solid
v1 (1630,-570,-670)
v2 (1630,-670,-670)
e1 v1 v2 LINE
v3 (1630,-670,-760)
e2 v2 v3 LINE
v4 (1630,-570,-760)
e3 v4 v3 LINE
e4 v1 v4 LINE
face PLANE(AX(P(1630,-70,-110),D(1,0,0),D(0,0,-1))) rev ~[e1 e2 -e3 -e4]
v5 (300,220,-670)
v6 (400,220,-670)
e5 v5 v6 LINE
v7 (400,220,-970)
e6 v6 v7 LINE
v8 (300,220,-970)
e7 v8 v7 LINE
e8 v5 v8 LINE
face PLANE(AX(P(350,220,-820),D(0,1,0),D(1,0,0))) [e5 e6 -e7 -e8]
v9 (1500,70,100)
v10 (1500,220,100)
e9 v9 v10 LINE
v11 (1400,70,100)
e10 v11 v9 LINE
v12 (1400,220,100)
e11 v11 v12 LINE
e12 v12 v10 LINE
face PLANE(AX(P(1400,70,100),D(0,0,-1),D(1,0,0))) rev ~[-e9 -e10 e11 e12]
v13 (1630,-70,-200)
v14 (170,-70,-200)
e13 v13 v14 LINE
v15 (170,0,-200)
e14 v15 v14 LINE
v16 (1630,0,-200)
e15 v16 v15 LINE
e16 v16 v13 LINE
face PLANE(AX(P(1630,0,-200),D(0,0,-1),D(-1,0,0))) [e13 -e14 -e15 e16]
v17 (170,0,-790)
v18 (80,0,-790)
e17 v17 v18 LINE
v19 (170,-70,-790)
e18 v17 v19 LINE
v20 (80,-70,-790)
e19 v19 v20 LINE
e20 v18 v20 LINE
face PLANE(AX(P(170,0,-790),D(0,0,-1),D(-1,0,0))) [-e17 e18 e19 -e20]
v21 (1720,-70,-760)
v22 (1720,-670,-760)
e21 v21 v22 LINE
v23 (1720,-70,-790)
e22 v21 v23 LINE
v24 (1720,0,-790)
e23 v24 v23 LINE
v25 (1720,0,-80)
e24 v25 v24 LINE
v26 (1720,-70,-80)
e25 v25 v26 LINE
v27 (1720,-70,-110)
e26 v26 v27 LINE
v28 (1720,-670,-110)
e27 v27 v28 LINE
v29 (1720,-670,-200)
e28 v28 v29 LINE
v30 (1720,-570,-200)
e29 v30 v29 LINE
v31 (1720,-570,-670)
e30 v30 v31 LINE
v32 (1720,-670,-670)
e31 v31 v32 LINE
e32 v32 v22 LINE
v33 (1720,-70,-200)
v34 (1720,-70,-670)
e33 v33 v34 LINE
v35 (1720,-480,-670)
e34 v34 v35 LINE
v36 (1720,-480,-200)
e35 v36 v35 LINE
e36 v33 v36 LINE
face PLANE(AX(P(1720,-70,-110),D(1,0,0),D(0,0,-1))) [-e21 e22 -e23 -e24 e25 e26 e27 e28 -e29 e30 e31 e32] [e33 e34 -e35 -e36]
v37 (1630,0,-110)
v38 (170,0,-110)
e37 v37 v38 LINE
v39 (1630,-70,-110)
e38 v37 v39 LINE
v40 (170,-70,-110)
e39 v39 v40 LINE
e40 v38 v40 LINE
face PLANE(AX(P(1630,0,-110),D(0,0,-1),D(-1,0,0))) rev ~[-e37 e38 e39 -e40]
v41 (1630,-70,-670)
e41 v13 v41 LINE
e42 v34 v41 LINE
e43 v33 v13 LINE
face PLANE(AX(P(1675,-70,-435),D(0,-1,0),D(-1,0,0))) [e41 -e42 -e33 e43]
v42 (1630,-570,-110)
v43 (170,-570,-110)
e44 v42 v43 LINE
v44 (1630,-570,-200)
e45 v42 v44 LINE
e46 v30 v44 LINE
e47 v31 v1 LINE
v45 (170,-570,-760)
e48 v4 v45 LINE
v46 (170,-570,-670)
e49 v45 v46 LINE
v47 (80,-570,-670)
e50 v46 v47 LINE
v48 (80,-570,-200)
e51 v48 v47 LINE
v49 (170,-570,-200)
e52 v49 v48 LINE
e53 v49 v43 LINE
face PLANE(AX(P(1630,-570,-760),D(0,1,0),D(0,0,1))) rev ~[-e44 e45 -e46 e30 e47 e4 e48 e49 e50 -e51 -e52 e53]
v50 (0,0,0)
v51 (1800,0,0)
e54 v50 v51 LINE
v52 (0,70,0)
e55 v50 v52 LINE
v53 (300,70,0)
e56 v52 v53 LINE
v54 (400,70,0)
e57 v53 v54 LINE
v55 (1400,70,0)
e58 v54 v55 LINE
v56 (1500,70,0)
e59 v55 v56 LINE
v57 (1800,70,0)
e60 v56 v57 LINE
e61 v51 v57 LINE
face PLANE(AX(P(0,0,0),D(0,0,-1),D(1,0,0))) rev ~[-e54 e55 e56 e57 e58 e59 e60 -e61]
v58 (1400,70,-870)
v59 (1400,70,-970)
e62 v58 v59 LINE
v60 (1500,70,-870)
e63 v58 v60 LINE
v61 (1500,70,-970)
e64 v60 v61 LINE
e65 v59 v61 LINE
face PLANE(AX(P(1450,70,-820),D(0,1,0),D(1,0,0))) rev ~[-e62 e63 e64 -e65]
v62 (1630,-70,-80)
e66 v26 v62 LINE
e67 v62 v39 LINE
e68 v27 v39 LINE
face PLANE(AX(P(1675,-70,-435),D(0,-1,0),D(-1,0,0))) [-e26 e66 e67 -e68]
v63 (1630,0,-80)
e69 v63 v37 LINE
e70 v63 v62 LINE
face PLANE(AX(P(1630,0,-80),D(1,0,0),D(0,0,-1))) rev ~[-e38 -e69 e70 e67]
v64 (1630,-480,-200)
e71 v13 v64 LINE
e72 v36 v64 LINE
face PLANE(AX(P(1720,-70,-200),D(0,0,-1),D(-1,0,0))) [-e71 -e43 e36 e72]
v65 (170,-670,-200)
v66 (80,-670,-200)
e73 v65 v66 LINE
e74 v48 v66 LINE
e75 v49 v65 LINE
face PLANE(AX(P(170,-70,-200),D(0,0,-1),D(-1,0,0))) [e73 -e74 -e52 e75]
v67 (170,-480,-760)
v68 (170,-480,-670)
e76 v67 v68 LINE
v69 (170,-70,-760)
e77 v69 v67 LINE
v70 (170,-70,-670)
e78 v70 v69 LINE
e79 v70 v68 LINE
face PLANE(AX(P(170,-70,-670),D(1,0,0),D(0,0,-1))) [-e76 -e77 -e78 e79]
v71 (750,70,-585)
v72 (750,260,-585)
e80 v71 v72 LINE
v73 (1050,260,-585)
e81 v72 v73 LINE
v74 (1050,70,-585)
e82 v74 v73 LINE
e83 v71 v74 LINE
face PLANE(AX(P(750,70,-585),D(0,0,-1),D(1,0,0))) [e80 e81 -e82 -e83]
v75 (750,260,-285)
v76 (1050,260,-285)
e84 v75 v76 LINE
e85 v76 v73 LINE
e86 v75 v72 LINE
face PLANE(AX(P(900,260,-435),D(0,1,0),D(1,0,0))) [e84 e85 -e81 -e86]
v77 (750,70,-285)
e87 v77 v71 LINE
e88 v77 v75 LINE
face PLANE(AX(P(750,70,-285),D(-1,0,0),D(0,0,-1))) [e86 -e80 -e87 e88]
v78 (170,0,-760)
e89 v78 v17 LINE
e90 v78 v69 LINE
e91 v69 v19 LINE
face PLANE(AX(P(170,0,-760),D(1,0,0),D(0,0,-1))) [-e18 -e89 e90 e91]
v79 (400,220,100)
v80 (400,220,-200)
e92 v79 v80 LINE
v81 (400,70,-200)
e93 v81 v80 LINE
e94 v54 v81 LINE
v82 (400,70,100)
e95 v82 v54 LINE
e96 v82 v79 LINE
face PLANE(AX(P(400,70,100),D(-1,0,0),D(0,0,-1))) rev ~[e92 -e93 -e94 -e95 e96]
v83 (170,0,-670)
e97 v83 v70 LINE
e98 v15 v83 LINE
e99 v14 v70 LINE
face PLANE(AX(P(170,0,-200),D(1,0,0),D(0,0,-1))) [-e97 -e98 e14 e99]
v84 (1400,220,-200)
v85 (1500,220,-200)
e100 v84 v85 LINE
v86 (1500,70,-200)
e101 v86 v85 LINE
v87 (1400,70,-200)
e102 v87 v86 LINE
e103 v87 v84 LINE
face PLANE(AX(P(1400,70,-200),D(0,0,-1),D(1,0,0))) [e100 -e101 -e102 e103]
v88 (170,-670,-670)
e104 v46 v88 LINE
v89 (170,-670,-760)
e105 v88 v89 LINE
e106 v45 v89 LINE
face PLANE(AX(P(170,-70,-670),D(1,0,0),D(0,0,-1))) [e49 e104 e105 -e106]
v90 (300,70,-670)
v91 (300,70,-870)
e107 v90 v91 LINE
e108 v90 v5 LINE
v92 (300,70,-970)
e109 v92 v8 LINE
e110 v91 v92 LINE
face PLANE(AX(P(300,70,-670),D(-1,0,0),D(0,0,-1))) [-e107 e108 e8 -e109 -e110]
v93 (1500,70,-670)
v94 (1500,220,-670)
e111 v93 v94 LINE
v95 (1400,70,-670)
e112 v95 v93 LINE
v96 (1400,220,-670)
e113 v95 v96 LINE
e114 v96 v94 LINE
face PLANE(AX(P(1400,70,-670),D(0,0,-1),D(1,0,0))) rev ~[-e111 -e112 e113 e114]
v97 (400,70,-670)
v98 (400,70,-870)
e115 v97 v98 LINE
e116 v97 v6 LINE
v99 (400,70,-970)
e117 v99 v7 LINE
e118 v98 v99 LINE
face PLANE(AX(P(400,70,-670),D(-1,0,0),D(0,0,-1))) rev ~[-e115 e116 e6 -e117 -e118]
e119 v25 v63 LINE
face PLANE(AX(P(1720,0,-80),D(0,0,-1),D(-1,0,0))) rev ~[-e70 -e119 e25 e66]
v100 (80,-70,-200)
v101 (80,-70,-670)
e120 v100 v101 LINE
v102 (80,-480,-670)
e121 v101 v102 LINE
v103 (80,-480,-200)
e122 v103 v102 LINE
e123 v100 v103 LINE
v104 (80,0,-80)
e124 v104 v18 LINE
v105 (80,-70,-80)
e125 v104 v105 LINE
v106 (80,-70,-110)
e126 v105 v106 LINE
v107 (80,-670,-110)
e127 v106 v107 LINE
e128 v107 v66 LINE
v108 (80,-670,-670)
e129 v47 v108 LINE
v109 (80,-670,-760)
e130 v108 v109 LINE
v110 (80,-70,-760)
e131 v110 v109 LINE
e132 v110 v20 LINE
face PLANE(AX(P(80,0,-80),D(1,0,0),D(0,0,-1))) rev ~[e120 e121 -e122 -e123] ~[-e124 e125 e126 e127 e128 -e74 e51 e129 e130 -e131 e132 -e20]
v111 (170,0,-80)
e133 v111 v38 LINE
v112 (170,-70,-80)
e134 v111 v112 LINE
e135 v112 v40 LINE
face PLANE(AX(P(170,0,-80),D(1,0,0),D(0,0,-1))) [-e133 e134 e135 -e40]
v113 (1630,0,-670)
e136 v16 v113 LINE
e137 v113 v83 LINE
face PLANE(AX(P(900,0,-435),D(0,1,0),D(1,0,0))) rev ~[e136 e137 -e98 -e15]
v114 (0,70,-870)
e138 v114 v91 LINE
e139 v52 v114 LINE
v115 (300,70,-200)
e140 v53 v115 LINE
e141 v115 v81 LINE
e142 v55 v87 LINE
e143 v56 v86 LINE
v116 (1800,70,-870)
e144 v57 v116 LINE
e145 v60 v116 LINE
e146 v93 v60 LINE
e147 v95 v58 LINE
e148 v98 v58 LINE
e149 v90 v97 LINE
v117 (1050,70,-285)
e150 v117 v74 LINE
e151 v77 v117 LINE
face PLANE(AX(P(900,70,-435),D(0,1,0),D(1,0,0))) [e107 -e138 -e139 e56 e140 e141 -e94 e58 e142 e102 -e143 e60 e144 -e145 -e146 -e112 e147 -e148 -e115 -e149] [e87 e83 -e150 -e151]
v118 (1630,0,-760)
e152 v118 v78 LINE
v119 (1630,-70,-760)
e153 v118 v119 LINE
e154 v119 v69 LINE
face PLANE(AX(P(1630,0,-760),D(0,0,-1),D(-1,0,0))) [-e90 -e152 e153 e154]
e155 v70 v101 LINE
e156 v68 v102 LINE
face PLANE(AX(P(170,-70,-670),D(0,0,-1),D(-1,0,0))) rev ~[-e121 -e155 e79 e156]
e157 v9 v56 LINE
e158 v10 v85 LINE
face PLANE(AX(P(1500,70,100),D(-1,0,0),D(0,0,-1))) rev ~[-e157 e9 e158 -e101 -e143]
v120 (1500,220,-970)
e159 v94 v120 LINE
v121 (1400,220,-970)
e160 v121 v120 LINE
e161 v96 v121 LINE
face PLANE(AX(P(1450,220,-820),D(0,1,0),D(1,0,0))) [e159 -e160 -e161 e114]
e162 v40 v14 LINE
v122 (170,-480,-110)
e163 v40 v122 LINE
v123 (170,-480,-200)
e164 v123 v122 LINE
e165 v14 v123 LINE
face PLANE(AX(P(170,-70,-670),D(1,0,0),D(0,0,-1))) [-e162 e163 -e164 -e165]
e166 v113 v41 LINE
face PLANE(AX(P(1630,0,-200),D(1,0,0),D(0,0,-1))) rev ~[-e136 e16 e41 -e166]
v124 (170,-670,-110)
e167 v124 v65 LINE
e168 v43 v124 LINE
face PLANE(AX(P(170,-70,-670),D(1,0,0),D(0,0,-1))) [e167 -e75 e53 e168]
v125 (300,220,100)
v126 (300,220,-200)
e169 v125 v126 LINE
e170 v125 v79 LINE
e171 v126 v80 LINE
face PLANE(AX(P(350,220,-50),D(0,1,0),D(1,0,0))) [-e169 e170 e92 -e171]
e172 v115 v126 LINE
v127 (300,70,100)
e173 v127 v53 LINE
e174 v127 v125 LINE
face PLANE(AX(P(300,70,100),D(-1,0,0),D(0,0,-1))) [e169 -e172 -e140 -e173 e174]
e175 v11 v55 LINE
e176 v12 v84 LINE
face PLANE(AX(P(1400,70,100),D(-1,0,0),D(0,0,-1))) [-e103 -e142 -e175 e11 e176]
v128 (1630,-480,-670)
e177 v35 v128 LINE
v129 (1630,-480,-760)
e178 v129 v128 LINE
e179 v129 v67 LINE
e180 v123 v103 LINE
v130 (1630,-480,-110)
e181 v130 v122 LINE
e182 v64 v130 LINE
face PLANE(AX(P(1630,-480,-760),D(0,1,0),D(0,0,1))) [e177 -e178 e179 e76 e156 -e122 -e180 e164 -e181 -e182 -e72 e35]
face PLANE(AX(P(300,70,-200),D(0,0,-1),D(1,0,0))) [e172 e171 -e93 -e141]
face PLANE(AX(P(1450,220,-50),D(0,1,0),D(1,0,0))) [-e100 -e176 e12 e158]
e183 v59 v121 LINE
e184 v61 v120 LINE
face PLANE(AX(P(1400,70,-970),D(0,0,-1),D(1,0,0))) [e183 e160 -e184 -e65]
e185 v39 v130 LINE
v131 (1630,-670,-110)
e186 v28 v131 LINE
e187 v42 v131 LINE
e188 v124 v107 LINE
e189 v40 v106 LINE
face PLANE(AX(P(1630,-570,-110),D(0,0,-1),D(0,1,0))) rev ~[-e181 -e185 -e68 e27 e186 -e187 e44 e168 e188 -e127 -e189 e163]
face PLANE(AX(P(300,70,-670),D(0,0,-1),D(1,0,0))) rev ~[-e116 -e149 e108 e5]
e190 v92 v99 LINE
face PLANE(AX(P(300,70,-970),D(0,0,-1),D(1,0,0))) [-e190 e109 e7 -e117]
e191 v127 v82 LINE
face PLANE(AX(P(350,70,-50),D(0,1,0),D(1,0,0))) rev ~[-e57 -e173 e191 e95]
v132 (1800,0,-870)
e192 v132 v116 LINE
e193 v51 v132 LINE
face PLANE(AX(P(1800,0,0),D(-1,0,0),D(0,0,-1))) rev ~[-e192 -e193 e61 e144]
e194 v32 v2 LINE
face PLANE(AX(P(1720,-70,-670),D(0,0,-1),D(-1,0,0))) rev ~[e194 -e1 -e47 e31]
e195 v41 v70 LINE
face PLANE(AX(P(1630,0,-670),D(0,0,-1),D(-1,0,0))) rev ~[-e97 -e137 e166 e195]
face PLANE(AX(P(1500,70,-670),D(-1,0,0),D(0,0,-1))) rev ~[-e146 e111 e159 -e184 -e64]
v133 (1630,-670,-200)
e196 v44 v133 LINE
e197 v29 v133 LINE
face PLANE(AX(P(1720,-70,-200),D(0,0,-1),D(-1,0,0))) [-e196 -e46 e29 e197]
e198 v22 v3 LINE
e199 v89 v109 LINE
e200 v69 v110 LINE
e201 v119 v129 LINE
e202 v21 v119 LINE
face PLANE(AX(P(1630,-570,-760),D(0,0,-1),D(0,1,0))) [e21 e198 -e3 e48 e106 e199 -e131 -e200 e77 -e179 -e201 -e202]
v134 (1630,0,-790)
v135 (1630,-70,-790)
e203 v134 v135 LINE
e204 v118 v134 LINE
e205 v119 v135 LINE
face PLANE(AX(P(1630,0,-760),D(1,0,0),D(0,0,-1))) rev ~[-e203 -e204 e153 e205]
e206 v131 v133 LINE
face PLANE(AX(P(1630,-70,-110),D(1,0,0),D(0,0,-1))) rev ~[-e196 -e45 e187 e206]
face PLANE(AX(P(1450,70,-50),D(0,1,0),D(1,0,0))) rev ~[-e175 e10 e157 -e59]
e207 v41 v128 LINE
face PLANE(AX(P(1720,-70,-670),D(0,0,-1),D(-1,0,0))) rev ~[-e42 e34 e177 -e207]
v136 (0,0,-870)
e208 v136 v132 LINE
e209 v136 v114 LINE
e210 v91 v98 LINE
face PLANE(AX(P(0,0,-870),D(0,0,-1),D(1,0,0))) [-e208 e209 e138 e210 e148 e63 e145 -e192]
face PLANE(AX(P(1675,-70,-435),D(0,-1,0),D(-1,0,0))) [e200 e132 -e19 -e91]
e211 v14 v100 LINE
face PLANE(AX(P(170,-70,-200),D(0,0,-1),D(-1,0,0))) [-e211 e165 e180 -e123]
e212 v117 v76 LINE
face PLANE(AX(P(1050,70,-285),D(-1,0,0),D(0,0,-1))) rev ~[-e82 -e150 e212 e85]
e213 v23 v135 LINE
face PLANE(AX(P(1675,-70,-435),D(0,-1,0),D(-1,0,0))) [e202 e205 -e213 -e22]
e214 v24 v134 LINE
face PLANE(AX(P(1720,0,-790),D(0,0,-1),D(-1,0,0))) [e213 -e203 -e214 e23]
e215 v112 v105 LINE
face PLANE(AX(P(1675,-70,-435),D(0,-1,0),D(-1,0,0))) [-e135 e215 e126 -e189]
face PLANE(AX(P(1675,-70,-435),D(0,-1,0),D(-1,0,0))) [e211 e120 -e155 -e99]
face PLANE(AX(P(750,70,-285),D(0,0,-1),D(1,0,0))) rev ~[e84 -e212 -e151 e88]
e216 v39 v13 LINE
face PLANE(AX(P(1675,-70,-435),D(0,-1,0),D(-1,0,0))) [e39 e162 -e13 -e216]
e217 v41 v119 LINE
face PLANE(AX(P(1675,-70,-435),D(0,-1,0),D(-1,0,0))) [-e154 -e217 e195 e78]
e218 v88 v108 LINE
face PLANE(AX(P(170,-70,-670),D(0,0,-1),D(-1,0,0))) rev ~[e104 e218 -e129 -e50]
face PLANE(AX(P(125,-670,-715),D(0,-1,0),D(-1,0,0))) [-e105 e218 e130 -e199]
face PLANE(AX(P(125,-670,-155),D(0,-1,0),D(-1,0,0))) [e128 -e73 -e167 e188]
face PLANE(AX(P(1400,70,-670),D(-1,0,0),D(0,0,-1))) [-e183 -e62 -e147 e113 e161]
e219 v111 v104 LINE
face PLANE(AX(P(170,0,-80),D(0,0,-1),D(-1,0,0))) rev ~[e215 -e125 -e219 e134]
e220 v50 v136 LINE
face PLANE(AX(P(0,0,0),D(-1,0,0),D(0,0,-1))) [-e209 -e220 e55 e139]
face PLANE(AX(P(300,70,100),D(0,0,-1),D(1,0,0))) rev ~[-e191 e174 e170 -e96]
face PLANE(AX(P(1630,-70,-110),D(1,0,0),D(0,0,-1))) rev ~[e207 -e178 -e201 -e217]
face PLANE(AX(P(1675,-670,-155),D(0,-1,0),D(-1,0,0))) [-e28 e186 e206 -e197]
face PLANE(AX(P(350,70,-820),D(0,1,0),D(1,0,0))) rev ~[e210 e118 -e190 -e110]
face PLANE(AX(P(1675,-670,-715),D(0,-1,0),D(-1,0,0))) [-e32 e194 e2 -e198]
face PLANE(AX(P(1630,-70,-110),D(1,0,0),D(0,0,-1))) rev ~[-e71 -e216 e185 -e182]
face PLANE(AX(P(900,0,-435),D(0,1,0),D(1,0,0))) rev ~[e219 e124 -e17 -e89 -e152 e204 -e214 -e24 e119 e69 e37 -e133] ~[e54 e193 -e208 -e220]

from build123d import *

# Parameters (mm, degrees)
SKETCH_1_W      = 1800
SKETCH_1_H      = 870
EXTRUDE_1_DEPTH = 70
SKETCH_2_W      = 100
SKETCH_2_H      = 300
EXTRUDE_2_DEPTH = 150
SKETCH_3_W      = 300
SKETCH_3_H      = 300
EXTRUDE_3_DEPTH = 190
SKETCH_4_W      = 90
SKETCH_4_H      = 710
SKETCH_4_W_2    = 1460
SKETCH_4_H_2    = 90
EXTRUDE_4_DEPTH = 70
SKETCH_5_W      = 90
SKETCH_5_H      = 90
EXTRUDE_5_DEPTH = 600
EXTRUDE_6_REACH = 2071.251
SKETCH_6_W      = 90
SKETCH_6_H      = 90
EXTRUDE_7_REACH = 2013.641
SKETCH_7_W      = 650
SKETCH_7_H      = 90


with BuildPart() as part:
    # ｽｹｯﾁ1 → ﾎﾞｽ - 押し出し1 (new body)
    with BuildSketch(Plane(origin=(0, 0, 0), x_dir=(1, 0, 0), z_dir=(0, 1, 0))):
        with Locations((900, 435)):
            Rectangle(SKETCH_1_W, SKETCH_1_H)
    extrude(amount=EXTRUDE_1_DEPTH)

    # ｽｹｯﾁ2 → ﾎﾞｽ - 押し出し2 (add)
    with BuildSketch(Plane(origin=(0, 70, 0), x_dir=(1, 0, 0), z_dir=(0, 1, 0))):
        with Locations((350, 50)):
            Rectangle(SKETCH_2_W, SKETCH_2_H)
        with Locations((1450, 50)):
            Rectangle(SKETCH_2_W, SKETCH_2_H)
        with Locations((1450, 820)):
            Rectangle(SKETCH_2_W, SKETCH_2_H)
        with Locations((350, 820)):
            Rectangle(SKETCH_2_W, SKETCH_2_H)
    extrude(amount=EXTRUDE_2_DEPTH)

    # ｽｹｯﾁ3 → ﾎﾞｽ - 押し出し3 (add)
    with BuildSketch(Plane(origin=(0, 70, 0), x_dir=(1, 0, 0), z_dir=(0, 1, 0))):
        with Locations((900, 435)):
            Rectangle(SKETCH_3_W, SKETCH_3_H)
    extrude(amount=EXTRUDE_3_DEPTH)

    # ｽｹｯﾁ4 → ﾎﾞｽ - 押し出し4 (add)
    with BuildSketch(Plane(origin=(0, 0, 0), x_dir=(-1, 0, 0), z_dir=(0, -1, 0))):
        with Locations((-1675, 435)):
            Rectangle(SKETCH_4_W, SKETCH_4_H)
        with Locations((-900, 715)):
            Rectangle(SKETCH_4_W_2, SKETCH_4_H_2)
        with Locations((-900, 155)):
            Rectangle(SKETCH_4_W_2, SKETCH_4_H_2)
        with Locations((-125, 435)):
            Rectangle(SKETCH_4_W, SKETCH_4_H)
    extrude(amount=EXTRUDE_4_DEPTH)

    # ｽｹｯﾁ5 → ﾎﾞｽ - 押し出し5 (add)
    with BuildSketch(Plane(origin=(0, -70, 0), x_dir=(-1, 0, 0), z_dir=(0, -1, 0))):
        with Locations((-1675, 155)):
            Rectangle(SKETCH_5_W, SKETCH_5_H)
        with Locations((-1675, 715)):
            Rectangle(SKETCH_5_W, SKETCH_5_H)
        with Locations((-125, 155)):
            Rectangle(SKETCH_5_W, SKETCH_5_H)
        with Locations((-125, 715)):
            Rectangle(SKETCH_5_W, SKETCH_5_H)
    extrude(amount=EXTRUDE_5_DEPTH)

    # ｽｹｯﾁ6 → ﾎﾞｽ - 押し出し6 (add, up to next)
    with BuildSketch(Plane(origin=(0, 0, -200), x_dir=(-1, 0, 0), z_dir=(0, 0, -1)), mode=Mode.PRIVATE) as extrude_6_sk1:
        with Locations((-1675, -525)):
            Rectangle(SKETCH_6_W, SKETCH_6_H)
    extrude_6_tool1 = extrude(extrude_6_sk1.sketch, amount=EXTRUDE_6_REACH, mode=Mode.PRIVATE) - part.part
    # ｽｹｯﾁ6 → ﾎﾞｽ - 押し出し6 (add, up to next)
    with BuildSketch(Plane(origin=(0, 0, -200), x_dir=(-1, 0, 0), z_dir=(0, 0, -1)), mode=Mode.PRIVATE) as extrude_6_sk2:
        with Locations((-125, -525)):
            Rectangle(SKETCH_6_W, SKETCH_6_H)
    extrude_6_tool2 = extrude(extrude_6_sk2.sketch, amount=EXTRUDE_6_REACH, mode=Mode.PRIVATE) - part.part
    add(extrude_6_tool1.solids().sort_by_distance((1675, -525, -200))[0])
    add(extrude_6_tool2.solids().sort_by_distance((125, -525, -200))[0])

    # ｽｹｯﾁ7 → ﾎﾞｽ - 押し出し7 (add, up to next)
    with BuildSketch(Plane.ZY.offset(-1630), mode=Mode.PRIVATE) as extrude_7_sk1:
        with Locations((-435, -525)):
            Rectangle(SKETCH_7_W, SKETCH_7_H)
    extrude_7_tool1 = extrude(extrude_7_sk1.sketch, amount=EXTRUDE_7_REACH, mode=Mode.PRIVATE) - part.part
    add(extrude_7_tool1.solids().sort_by_distance((1630, -525, -435))[0])


solid = part.part
